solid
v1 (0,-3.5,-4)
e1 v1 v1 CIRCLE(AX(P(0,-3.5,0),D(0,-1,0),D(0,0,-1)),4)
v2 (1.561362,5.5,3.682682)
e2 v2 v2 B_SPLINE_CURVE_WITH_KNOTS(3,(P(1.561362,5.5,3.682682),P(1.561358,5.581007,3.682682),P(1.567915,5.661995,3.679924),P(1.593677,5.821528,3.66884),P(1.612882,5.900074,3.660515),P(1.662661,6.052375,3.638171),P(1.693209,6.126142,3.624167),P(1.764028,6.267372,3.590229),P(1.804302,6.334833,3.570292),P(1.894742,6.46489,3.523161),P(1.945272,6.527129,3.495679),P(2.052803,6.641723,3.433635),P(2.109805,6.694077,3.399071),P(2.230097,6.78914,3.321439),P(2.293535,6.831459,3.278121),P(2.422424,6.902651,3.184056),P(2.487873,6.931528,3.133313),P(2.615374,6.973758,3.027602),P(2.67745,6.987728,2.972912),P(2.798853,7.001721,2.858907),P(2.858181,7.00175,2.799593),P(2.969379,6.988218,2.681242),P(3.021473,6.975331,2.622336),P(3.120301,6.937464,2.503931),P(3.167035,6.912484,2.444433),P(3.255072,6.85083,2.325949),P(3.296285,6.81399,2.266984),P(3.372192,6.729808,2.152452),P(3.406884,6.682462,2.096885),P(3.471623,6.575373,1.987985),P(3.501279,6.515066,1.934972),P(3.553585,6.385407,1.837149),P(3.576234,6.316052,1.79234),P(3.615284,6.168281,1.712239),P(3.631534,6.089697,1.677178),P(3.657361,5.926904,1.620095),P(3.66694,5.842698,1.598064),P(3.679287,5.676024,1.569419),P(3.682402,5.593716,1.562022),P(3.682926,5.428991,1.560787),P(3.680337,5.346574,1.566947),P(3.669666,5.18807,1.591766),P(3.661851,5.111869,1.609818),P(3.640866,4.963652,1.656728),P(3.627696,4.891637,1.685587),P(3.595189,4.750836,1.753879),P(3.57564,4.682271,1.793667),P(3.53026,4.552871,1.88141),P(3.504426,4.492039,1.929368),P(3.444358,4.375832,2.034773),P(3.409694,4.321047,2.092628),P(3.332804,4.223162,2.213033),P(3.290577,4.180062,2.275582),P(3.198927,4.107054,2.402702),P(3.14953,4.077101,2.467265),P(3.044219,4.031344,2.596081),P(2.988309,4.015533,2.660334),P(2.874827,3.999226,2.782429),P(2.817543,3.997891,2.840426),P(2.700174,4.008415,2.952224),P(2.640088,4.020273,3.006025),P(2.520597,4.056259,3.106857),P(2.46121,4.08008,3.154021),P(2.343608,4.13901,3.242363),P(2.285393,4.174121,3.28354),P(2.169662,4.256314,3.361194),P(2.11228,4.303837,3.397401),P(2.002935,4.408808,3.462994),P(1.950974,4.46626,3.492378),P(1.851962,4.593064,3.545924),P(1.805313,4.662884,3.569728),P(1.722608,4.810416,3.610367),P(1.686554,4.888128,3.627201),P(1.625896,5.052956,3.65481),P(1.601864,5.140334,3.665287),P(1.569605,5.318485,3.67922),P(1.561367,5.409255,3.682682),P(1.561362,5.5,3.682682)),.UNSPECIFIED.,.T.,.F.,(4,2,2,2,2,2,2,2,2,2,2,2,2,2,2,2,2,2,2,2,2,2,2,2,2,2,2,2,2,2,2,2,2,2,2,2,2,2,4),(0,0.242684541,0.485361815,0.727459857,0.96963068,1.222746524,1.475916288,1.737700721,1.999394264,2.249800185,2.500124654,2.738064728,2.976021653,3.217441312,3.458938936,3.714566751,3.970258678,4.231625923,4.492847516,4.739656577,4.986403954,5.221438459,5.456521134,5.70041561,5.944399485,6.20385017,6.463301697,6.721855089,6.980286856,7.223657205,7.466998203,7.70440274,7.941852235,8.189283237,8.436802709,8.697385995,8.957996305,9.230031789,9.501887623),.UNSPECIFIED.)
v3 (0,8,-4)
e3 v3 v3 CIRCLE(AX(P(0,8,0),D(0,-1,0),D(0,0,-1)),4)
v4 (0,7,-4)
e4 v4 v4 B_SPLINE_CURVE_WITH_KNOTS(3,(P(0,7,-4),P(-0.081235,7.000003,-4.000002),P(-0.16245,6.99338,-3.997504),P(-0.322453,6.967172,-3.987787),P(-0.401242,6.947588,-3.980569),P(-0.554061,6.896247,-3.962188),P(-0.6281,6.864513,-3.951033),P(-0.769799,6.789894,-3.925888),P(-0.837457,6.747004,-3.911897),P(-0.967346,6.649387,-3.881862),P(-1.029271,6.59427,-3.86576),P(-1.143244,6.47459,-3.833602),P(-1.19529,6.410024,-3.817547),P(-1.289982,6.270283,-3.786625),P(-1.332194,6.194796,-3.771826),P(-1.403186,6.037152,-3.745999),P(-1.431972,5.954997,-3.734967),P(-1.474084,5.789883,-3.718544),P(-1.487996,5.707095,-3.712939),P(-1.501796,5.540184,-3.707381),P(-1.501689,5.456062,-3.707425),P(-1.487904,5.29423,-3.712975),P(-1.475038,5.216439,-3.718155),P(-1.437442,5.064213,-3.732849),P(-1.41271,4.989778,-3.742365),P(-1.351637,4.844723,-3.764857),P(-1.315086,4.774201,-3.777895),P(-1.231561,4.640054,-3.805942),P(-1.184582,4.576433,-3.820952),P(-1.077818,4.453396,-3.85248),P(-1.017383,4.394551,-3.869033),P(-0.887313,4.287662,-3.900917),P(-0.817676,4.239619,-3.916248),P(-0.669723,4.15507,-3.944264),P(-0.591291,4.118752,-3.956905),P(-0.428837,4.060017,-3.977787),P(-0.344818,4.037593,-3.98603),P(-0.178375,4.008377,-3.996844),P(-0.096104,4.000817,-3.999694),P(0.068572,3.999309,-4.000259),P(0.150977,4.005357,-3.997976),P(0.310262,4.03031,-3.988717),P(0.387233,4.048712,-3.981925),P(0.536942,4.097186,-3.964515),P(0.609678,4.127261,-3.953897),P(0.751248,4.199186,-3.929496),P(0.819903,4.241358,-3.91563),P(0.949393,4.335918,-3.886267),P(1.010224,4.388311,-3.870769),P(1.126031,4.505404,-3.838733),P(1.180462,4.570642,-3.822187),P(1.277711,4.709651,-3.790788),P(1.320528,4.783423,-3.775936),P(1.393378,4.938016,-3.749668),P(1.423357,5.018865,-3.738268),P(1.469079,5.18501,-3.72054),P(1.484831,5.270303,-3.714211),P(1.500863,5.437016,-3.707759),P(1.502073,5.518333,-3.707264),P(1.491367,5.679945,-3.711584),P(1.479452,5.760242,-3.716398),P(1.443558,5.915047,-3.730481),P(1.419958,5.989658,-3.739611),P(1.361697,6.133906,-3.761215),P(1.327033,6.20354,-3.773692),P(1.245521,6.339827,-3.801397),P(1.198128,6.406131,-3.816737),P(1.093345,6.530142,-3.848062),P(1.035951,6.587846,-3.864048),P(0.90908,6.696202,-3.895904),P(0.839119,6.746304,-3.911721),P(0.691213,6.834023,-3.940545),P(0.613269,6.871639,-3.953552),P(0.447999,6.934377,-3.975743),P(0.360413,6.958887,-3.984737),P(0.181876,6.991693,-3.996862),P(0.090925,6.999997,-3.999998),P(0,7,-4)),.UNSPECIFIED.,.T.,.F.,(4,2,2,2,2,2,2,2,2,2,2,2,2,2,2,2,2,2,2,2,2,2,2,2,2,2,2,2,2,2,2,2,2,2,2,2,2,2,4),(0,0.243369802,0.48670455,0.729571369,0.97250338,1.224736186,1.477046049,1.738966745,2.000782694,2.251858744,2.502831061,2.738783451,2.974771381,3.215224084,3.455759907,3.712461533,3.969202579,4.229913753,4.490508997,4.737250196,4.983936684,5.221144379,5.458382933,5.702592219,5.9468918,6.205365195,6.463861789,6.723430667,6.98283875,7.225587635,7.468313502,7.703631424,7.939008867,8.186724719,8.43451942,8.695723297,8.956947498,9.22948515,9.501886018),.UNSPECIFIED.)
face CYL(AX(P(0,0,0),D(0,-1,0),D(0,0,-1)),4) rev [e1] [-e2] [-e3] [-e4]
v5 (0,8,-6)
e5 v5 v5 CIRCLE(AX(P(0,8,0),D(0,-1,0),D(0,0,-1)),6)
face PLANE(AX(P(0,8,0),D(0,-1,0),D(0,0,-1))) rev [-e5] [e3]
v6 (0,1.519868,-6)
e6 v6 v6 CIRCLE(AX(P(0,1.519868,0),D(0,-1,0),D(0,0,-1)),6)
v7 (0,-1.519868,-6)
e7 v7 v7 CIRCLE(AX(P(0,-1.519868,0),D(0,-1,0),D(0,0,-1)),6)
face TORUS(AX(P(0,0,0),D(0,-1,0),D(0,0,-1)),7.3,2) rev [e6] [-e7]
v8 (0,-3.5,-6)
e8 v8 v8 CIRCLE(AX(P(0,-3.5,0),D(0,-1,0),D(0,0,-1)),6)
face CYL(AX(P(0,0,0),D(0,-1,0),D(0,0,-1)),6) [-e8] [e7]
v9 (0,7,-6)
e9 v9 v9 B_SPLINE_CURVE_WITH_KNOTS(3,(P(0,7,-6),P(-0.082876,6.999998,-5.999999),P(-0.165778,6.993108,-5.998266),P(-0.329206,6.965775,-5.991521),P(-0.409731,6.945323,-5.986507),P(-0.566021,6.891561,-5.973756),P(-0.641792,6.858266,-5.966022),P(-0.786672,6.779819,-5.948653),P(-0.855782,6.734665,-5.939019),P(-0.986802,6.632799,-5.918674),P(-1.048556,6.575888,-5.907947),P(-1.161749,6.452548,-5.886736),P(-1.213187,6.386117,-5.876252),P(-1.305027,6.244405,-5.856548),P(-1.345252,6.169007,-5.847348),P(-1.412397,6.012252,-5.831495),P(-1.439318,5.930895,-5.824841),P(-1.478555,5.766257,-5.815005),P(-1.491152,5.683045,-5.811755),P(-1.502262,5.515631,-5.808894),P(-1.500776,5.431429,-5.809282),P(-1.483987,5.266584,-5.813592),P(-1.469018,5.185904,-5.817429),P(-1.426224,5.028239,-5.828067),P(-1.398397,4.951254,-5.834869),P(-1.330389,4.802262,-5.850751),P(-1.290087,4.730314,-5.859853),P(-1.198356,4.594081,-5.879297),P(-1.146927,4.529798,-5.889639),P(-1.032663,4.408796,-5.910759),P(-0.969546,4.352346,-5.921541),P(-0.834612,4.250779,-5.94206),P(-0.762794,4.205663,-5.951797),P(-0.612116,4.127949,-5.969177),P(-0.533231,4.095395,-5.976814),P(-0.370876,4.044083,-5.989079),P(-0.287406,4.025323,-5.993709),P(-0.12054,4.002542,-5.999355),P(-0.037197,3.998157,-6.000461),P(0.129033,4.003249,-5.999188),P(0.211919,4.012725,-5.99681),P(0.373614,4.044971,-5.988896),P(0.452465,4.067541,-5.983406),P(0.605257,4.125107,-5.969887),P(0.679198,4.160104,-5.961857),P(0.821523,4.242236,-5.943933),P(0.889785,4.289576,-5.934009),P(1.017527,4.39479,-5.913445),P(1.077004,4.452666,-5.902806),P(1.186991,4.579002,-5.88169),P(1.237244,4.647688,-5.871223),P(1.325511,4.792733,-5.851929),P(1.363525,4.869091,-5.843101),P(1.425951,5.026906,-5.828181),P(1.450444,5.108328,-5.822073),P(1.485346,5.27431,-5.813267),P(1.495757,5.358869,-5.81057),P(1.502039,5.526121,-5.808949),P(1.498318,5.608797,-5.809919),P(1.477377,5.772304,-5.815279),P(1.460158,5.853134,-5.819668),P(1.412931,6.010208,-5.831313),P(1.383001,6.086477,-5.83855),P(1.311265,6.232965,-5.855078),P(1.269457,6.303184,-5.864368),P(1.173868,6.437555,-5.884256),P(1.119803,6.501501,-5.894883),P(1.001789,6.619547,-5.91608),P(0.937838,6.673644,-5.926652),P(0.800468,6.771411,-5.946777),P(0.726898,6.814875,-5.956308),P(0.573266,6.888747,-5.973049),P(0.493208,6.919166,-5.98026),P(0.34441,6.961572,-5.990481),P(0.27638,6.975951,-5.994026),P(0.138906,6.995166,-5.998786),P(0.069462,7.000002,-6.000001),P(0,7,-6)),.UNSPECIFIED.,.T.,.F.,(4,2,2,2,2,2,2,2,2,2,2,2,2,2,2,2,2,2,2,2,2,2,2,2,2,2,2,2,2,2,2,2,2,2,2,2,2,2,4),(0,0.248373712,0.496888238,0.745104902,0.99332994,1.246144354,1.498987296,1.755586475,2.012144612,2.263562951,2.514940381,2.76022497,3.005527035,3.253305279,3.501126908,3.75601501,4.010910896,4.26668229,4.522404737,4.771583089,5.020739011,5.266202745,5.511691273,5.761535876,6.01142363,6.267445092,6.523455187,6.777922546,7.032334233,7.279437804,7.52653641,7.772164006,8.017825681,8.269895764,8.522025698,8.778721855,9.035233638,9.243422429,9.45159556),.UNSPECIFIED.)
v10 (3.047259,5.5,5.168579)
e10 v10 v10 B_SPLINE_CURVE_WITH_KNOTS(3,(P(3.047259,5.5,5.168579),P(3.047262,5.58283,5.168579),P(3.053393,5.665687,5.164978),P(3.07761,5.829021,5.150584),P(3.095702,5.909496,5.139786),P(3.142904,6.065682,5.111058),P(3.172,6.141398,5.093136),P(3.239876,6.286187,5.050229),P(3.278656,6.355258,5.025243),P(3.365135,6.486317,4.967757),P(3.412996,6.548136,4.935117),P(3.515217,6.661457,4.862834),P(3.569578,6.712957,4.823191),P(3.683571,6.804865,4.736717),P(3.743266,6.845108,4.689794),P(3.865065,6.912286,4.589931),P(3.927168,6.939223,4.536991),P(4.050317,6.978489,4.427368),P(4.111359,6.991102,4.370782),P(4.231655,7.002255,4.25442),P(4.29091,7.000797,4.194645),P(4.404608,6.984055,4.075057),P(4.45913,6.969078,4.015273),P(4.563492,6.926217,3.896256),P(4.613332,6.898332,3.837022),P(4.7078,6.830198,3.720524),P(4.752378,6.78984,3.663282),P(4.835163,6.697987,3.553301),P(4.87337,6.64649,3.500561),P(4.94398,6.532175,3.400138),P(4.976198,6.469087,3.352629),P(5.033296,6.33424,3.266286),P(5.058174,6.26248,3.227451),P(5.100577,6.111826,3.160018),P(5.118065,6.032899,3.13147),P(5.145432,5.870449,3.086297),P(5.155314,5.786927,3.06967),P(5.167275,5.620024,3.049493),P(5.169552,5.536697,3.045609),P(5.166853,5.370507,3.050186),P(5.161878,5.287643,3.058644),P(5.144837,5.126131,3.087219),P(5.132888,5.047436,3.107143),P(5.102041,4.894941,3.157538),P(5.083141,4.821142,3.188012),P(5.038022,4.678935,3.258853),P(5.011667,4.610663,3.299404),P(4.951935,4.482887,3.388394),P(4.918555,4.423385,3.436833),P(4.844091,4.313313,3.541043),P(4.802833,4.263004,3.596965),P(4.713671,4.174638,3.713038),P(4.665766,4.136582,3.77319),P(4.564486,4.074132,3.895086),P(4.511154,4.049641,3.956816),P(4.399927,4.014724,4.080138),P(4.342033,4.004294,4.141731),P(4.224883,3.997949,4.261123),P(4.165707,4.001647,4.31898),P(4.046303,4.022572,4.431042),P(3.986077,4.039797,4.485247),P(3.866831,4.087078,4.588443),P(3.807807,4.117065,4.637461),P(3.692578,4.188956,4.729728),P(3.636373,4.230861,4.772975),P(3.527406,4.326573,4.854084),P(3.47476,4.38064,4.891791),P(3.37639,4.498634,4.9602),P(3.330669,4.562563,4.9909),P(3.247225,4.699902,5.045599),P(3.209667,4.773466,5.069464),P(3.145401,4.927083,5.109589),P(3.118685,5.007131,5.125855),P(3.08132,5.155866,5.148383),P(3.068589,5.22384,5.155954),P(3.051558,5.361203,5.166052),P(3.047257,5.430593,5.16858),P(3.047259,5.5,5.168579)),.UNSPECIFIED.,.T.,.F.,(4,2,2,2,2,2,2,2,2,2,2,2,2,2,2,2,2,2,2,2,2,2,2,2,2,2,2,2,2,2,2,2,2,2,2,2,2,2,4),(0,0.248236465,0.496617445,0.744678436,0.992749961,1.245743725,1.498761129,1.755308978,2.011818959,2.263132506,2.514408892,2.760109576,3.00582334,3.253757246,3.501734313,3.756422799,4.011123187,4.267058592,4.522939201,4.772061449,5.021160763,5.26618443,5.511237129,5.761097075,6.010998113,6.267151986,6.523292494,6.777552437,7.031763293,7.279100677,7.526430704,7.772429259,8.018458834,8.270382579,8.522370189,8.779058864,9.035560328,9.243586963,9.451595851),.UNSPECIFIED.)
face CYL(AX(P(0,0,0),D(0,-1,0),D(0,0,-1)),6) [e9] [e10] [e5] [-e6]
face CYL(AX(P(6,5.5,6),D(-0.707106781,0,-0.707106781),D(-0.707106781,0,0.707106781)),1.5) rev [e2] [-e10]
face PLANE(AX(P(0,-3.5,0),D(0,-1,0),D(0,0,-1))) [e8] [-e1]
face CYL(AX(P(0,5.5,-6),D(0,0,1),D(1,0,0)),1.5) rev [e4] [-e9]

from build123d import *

# Parameters (mm, degrees)
SKETCH3_R          = 1.5
CUT_EXTRUDE1_DEPTH = 12.66190379
CIRPATTERN1_COUNT  = 2
CIRPATTERN1_ANGLE  = 135
CUT_EXTRUDE2_START = -0.5
SKETCH4_R          = 6
CUT_EXTRUDE2_DEPTH = 0.5


with BuildPart() as part:
    # Sketch2 → Revolve1 (revolve)
    with BuildSketch(Plane.XY):
        with BuildLine():
            Line((6, 8), (4, 8))
            Line((4, 8), (4, -4))
            Line((4, -4), (6, -4))
            Line((6, -4), (6, -1.519868415))
            ThreePointArc((6, -1.519868415), (5.3, 0), (6, 1.519868415))
            Line((6, 1.519868415), (6, 4))
            Line((6, 4), (6, 8))
        make_face()
    revolve(axis=Axis((0, 0, 0), (0, 1, 0)))

    # Sketch3 → Cut-Extrude1 (cut, through all)
    with BuildSketch(Plane.XY):
        with Locations((0, 5.5)):
            Circle(SKETCH3_R)
    cut_extrude1 = extrude(amount=-CUT_EXTRUDE1_DEPTH, mode=Mode.SUBTRACT)

    # CirPattern1: Cut-Extrude1 ×2 about axis
    cirpattern1_axis = Axis((0, 8, 0), (0, -1, 0))
    for i in range(1, CIRPATTERN1_COUNT):
        add(cut_extrude1.rotate(cirpattern1_axis, i * CIRPATTERN1_ANGLE / (CIRPATTERN1_COUNT - 1)), mode=Mode.SUBTRACT)

    # Sketch4 → Cut-Extrude2 (cut)
    with BuildSketch(Plane.XZ.offset(4).offset(CUT_EXTRUDE2_START)):
        Circle(SKETCH4_R)
    extrude(amount=CUT_EXTRUDE2_DEPTH, mode=Mode.SUBTRACT)


solid = part.part
